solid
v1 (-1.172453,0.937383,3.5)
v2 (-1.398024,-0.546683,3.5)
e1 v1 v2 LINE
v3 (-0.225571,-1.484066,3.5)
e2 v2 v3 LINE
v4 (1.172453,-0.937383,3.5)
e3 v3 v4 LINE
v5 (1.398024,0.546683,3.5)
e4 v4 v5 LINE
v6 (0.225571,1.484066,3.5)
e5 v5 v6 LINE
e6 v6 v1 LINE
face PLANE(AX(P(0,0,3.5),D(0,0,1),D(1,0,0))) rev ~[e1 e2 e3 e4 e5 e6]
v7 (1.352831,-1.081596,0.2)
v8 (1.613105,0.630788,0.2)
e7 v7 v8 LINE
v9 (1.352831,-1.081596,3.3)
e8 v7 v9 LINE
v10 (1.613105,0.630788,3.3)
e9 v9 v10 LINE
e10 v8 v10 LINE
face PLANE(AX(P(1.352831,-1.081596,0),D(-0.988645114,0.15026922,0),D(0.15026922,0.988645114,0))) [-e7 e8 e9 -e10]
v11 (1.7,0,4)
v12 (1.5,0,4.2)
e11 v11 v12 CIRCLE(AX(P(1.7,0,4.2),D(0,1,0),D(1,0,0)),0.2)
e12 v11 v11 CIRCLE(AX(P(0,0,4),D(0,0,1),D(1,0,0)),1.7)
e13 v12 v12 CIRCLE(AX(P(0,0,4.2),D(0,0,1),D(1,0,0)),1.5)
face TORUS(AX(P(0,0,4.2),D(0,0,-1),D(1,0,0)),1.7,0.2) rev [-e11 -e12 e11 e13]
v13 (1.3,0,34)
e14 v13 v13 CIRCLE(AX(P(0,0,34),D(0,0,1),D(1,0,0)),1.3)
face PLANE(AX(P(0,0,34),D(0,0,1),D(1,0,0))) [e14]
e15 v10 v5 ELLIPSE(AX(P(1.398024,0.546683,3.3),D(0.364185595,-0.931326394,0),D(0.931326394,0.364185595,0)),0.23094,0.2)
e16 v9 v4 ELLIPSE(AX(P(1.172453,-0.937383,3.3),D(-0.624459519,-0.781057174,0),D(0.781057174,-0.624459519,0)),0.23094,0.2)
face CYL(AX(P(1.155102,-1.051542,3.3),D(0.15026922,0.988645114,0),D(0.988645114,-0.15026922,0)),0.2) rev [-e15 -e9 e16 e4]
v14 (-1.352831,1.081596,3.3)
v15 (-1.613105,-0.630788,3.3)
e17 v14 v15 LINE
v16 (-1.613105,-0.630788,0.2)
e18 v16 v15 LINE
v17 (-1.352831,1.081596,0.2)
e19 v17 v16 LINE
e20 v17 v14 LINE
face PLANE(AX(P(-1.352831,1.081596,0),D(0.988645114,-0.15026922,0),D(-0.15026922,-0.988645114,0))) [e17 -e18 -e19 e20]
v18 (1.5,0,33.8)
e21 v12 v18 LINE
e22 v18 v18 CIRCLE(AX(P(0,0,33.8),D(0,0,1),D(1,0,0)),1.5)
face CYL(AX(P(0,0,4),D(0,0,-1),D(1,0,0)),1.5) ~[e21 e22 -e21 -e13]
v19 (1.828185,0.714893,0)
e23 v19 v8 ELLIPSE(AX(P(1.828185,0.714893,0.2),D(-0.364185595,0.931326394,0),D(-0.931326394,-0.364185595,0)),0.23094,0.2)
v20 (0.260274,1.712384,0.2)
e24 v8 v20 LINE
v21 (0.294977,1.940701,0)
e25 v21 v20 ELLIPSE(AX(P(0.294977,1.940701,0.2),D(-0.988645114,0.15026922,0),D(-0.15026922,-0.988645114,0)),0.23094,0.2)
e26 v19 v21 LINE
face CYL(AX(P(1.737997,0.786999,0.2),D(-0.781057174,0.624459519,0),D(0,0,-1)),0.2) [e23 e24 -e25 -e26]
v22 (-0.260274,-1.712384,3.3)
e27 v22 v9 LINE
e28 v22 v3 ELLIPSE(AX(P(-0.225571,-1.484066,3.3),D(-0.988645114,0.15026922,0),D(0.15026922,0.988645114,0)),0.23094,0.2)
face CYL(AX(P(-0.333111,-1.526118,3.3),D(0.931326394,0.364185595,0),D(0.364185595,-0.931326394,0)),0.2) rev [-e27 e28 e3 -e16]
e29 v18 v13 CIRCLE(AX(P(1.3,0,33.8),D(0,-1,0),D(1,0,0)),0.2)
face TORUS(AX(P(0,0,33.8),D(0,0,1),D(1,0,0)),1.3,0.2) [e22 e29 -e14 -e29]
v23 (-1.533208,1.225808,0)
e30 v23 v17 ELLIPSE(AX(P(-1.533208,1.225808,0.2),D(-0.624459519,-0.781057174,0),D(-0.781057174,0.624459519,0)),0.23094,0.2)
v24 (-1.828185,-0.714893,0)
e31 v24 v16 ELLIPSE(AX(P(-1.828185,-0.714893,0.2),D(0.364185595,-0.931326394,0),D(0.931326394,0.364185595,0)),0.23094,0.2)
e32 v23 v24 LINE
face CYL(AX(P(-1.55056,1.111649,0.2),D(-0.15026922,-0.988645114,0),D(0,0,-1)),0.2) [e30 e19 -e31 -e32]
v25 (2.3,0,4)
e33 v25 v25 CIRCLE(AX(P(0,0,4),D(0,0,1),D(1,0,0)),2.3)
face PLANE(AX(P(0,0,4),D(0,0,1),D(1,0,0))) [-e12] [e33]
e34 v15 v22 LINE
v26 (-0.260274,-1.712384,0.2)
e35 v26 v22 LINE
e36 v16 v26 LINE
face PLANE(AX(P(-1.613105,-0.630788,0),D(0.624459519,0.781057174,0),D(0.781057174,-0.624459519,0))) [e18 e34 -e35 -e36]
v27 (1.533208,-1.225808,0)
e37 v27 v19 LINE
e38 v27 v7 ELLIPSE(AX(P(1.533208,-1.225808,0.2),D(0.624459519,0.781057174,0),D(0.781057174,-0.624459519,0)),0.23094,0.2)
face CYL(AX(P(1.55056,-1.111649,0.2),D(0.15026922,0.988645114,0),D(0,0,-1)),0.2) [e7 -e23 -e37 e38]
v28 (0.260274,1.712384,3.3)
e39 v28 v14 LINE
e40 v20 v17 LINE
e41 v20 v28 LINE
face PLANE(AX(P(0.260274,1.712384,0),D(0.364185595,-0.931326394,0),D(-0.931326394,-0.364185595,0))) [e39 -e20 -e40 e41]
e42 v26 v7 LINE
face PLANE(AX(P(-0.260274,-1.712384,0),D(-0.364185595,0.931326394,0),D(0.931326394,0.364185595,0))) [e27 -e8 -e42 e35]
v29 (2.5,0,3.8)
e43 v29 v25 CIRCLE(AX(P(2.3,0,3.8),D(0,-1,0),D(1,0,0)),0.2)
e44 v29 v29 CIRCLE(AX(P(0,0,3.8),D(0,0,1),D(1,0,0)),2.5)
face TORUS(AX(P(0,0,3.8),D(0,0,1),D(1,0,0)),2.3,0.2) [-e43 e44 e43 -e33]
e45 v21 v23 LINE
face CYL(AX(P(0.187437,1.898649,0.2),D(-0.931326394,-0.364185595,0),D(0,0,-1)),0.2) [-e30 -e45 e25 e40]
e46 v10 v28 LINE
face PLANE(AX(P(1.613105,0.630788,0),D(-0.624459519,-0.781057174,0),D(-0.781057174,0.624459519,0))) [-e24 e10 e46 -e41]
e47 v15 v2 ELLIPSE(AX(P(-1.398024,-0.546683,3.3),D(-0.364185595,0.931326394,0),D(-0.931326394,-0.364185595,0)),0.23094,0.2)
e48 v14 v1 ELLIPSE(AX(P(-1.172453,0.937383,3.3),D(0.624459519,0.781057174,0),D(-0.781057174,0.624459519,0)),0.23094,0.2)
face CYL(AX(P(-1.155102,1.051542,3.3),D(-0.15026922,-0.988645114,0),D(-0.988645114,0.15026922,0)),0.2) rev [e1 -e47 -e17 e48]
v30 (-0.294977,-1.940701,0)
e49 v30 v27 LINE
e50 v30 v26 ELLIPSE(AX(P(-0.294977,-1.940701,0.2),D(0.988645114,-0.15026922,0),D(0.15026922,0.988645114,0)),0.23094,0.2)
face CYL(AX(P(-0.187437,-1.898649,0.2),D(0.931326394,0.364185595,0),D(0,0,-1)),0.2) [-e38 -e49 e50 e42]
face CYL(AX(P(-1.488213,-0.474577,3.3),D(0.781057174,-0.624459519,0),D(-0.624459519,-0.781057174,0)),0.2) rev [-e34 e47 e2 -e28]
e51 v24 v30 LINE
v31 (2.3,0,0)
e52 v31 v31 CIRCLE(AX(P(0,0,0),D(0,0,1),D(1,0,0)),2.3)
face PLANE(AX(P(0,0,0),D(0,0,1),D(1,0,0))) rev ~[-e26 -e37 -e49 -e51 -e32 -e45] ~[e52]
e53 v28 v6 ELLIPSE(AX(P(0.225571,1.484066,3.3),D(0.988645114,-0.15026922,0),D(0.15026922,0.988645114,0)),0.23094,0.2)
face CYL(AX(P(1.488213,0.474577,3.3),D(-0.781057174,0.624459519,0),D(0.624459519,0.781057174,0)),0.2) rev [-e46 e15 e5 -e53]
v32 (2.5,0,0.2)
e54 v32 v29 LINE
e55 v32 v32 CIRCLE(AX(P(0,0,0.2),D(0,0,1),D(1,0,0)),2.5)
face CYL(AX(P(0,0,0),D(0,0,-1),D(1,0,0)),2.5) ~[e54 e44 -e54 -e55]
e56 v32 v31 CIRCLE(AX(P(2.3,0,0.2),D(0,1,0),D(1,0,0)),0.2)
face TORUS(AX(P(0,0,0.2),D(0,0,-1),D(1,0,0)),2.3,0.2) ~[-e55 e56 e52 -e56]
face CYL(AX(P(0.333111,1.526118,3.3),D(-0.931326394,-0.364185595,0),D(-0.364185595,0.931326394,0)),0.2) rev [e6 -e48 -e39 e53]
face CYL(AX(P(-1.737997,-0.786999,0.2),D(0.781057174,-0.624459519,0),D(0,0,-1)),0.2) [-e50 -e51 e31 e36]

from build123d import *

# Parameters (mm, degrees)
F0_R     = 2.5
F1_DEPTH = 4
F2_DEPTH = 3.5
F3_R     = 1.5
F4_DEPTH = 30
F5_R     = 0.2


with BuildPart() as f1:
    # F0 (on Top) → F1 (new body)
    with BuildSketch(Plane.XY):
        Circle(F0_R)
        Polygon((-1.3528307096, 1.0815956135), (0.2602739232, 1.7123835683), (1.6131046327, 0.6307879547), (1.3528307096, -1.0815956135), (-0.2602739232, -1.7123835683), (-1.6131046327, -0.6307879547), align=None, mode=Mode.SUBTRACT)
        Polygon((1.6131046327, 0.6307879547), (0.2602739232, 1.7123835683), (-1.3528307096, 1.0815956135), (-1.6131046327, -0.6307879547), (-0.2602739232, -1.7123835683), (1.3528307096, -1.0815956135), align=None)
    extrude(amount=F1_DEPTH)

    # F0 (on Top) → F2 (cut)
    with BuildSketch(Plane.XY):
        Polygon((1.6131046327, 0.6307879547), (0.2602739232, 1.7123835683), (-1.3528307096, 1.0815956135), (-1.6131046327, -0.6307879547), (-0.2602739232, -1.7123835683), (1.3528307096, -1.0815956135), align=None)
    extrude(amount=F2_DEPTH, mode=Mode.SUBTRACT)

    # F3 (on face) → F4 (join)
    with BuildSketch(Plane.XY.offset(4)):
        Circle(F3_R)
    extrude(amount=F4_DEPTH)

    # F5
    f5_edges = [f1.edges().sort_by_distance(p)[0] for p in [
        (-1.5, 0, 4),
        (-1.5, 0, 34),
        (2.5, 0, 2),
        (-2.5, 0, 0),
        (-2.5, 0, 4),
        (-0.546278, 1.39699, 0),
        (0.546278, -1.39699, 3.5),
        (1.482968, -0.225404, 3.5),
        (0.936689, 1.171586, 3.5),
        (-0.546278, 1.39699, 3.5),
        (-1.482968, 0.225404, 3.5),
        (-0.936689, -1.171586, 3.5),
        (0.546278, -1.39699, 0),
        (-0.936689, -1.171586, 0),
        (-1.482968, 0.225404, 0),
        (0.936689, 1.171586, 0),
        (1.482968, -0.225404, 0),
    ]]
    fillet(f5_edges, radius=F5_R)


solid = f1.part
